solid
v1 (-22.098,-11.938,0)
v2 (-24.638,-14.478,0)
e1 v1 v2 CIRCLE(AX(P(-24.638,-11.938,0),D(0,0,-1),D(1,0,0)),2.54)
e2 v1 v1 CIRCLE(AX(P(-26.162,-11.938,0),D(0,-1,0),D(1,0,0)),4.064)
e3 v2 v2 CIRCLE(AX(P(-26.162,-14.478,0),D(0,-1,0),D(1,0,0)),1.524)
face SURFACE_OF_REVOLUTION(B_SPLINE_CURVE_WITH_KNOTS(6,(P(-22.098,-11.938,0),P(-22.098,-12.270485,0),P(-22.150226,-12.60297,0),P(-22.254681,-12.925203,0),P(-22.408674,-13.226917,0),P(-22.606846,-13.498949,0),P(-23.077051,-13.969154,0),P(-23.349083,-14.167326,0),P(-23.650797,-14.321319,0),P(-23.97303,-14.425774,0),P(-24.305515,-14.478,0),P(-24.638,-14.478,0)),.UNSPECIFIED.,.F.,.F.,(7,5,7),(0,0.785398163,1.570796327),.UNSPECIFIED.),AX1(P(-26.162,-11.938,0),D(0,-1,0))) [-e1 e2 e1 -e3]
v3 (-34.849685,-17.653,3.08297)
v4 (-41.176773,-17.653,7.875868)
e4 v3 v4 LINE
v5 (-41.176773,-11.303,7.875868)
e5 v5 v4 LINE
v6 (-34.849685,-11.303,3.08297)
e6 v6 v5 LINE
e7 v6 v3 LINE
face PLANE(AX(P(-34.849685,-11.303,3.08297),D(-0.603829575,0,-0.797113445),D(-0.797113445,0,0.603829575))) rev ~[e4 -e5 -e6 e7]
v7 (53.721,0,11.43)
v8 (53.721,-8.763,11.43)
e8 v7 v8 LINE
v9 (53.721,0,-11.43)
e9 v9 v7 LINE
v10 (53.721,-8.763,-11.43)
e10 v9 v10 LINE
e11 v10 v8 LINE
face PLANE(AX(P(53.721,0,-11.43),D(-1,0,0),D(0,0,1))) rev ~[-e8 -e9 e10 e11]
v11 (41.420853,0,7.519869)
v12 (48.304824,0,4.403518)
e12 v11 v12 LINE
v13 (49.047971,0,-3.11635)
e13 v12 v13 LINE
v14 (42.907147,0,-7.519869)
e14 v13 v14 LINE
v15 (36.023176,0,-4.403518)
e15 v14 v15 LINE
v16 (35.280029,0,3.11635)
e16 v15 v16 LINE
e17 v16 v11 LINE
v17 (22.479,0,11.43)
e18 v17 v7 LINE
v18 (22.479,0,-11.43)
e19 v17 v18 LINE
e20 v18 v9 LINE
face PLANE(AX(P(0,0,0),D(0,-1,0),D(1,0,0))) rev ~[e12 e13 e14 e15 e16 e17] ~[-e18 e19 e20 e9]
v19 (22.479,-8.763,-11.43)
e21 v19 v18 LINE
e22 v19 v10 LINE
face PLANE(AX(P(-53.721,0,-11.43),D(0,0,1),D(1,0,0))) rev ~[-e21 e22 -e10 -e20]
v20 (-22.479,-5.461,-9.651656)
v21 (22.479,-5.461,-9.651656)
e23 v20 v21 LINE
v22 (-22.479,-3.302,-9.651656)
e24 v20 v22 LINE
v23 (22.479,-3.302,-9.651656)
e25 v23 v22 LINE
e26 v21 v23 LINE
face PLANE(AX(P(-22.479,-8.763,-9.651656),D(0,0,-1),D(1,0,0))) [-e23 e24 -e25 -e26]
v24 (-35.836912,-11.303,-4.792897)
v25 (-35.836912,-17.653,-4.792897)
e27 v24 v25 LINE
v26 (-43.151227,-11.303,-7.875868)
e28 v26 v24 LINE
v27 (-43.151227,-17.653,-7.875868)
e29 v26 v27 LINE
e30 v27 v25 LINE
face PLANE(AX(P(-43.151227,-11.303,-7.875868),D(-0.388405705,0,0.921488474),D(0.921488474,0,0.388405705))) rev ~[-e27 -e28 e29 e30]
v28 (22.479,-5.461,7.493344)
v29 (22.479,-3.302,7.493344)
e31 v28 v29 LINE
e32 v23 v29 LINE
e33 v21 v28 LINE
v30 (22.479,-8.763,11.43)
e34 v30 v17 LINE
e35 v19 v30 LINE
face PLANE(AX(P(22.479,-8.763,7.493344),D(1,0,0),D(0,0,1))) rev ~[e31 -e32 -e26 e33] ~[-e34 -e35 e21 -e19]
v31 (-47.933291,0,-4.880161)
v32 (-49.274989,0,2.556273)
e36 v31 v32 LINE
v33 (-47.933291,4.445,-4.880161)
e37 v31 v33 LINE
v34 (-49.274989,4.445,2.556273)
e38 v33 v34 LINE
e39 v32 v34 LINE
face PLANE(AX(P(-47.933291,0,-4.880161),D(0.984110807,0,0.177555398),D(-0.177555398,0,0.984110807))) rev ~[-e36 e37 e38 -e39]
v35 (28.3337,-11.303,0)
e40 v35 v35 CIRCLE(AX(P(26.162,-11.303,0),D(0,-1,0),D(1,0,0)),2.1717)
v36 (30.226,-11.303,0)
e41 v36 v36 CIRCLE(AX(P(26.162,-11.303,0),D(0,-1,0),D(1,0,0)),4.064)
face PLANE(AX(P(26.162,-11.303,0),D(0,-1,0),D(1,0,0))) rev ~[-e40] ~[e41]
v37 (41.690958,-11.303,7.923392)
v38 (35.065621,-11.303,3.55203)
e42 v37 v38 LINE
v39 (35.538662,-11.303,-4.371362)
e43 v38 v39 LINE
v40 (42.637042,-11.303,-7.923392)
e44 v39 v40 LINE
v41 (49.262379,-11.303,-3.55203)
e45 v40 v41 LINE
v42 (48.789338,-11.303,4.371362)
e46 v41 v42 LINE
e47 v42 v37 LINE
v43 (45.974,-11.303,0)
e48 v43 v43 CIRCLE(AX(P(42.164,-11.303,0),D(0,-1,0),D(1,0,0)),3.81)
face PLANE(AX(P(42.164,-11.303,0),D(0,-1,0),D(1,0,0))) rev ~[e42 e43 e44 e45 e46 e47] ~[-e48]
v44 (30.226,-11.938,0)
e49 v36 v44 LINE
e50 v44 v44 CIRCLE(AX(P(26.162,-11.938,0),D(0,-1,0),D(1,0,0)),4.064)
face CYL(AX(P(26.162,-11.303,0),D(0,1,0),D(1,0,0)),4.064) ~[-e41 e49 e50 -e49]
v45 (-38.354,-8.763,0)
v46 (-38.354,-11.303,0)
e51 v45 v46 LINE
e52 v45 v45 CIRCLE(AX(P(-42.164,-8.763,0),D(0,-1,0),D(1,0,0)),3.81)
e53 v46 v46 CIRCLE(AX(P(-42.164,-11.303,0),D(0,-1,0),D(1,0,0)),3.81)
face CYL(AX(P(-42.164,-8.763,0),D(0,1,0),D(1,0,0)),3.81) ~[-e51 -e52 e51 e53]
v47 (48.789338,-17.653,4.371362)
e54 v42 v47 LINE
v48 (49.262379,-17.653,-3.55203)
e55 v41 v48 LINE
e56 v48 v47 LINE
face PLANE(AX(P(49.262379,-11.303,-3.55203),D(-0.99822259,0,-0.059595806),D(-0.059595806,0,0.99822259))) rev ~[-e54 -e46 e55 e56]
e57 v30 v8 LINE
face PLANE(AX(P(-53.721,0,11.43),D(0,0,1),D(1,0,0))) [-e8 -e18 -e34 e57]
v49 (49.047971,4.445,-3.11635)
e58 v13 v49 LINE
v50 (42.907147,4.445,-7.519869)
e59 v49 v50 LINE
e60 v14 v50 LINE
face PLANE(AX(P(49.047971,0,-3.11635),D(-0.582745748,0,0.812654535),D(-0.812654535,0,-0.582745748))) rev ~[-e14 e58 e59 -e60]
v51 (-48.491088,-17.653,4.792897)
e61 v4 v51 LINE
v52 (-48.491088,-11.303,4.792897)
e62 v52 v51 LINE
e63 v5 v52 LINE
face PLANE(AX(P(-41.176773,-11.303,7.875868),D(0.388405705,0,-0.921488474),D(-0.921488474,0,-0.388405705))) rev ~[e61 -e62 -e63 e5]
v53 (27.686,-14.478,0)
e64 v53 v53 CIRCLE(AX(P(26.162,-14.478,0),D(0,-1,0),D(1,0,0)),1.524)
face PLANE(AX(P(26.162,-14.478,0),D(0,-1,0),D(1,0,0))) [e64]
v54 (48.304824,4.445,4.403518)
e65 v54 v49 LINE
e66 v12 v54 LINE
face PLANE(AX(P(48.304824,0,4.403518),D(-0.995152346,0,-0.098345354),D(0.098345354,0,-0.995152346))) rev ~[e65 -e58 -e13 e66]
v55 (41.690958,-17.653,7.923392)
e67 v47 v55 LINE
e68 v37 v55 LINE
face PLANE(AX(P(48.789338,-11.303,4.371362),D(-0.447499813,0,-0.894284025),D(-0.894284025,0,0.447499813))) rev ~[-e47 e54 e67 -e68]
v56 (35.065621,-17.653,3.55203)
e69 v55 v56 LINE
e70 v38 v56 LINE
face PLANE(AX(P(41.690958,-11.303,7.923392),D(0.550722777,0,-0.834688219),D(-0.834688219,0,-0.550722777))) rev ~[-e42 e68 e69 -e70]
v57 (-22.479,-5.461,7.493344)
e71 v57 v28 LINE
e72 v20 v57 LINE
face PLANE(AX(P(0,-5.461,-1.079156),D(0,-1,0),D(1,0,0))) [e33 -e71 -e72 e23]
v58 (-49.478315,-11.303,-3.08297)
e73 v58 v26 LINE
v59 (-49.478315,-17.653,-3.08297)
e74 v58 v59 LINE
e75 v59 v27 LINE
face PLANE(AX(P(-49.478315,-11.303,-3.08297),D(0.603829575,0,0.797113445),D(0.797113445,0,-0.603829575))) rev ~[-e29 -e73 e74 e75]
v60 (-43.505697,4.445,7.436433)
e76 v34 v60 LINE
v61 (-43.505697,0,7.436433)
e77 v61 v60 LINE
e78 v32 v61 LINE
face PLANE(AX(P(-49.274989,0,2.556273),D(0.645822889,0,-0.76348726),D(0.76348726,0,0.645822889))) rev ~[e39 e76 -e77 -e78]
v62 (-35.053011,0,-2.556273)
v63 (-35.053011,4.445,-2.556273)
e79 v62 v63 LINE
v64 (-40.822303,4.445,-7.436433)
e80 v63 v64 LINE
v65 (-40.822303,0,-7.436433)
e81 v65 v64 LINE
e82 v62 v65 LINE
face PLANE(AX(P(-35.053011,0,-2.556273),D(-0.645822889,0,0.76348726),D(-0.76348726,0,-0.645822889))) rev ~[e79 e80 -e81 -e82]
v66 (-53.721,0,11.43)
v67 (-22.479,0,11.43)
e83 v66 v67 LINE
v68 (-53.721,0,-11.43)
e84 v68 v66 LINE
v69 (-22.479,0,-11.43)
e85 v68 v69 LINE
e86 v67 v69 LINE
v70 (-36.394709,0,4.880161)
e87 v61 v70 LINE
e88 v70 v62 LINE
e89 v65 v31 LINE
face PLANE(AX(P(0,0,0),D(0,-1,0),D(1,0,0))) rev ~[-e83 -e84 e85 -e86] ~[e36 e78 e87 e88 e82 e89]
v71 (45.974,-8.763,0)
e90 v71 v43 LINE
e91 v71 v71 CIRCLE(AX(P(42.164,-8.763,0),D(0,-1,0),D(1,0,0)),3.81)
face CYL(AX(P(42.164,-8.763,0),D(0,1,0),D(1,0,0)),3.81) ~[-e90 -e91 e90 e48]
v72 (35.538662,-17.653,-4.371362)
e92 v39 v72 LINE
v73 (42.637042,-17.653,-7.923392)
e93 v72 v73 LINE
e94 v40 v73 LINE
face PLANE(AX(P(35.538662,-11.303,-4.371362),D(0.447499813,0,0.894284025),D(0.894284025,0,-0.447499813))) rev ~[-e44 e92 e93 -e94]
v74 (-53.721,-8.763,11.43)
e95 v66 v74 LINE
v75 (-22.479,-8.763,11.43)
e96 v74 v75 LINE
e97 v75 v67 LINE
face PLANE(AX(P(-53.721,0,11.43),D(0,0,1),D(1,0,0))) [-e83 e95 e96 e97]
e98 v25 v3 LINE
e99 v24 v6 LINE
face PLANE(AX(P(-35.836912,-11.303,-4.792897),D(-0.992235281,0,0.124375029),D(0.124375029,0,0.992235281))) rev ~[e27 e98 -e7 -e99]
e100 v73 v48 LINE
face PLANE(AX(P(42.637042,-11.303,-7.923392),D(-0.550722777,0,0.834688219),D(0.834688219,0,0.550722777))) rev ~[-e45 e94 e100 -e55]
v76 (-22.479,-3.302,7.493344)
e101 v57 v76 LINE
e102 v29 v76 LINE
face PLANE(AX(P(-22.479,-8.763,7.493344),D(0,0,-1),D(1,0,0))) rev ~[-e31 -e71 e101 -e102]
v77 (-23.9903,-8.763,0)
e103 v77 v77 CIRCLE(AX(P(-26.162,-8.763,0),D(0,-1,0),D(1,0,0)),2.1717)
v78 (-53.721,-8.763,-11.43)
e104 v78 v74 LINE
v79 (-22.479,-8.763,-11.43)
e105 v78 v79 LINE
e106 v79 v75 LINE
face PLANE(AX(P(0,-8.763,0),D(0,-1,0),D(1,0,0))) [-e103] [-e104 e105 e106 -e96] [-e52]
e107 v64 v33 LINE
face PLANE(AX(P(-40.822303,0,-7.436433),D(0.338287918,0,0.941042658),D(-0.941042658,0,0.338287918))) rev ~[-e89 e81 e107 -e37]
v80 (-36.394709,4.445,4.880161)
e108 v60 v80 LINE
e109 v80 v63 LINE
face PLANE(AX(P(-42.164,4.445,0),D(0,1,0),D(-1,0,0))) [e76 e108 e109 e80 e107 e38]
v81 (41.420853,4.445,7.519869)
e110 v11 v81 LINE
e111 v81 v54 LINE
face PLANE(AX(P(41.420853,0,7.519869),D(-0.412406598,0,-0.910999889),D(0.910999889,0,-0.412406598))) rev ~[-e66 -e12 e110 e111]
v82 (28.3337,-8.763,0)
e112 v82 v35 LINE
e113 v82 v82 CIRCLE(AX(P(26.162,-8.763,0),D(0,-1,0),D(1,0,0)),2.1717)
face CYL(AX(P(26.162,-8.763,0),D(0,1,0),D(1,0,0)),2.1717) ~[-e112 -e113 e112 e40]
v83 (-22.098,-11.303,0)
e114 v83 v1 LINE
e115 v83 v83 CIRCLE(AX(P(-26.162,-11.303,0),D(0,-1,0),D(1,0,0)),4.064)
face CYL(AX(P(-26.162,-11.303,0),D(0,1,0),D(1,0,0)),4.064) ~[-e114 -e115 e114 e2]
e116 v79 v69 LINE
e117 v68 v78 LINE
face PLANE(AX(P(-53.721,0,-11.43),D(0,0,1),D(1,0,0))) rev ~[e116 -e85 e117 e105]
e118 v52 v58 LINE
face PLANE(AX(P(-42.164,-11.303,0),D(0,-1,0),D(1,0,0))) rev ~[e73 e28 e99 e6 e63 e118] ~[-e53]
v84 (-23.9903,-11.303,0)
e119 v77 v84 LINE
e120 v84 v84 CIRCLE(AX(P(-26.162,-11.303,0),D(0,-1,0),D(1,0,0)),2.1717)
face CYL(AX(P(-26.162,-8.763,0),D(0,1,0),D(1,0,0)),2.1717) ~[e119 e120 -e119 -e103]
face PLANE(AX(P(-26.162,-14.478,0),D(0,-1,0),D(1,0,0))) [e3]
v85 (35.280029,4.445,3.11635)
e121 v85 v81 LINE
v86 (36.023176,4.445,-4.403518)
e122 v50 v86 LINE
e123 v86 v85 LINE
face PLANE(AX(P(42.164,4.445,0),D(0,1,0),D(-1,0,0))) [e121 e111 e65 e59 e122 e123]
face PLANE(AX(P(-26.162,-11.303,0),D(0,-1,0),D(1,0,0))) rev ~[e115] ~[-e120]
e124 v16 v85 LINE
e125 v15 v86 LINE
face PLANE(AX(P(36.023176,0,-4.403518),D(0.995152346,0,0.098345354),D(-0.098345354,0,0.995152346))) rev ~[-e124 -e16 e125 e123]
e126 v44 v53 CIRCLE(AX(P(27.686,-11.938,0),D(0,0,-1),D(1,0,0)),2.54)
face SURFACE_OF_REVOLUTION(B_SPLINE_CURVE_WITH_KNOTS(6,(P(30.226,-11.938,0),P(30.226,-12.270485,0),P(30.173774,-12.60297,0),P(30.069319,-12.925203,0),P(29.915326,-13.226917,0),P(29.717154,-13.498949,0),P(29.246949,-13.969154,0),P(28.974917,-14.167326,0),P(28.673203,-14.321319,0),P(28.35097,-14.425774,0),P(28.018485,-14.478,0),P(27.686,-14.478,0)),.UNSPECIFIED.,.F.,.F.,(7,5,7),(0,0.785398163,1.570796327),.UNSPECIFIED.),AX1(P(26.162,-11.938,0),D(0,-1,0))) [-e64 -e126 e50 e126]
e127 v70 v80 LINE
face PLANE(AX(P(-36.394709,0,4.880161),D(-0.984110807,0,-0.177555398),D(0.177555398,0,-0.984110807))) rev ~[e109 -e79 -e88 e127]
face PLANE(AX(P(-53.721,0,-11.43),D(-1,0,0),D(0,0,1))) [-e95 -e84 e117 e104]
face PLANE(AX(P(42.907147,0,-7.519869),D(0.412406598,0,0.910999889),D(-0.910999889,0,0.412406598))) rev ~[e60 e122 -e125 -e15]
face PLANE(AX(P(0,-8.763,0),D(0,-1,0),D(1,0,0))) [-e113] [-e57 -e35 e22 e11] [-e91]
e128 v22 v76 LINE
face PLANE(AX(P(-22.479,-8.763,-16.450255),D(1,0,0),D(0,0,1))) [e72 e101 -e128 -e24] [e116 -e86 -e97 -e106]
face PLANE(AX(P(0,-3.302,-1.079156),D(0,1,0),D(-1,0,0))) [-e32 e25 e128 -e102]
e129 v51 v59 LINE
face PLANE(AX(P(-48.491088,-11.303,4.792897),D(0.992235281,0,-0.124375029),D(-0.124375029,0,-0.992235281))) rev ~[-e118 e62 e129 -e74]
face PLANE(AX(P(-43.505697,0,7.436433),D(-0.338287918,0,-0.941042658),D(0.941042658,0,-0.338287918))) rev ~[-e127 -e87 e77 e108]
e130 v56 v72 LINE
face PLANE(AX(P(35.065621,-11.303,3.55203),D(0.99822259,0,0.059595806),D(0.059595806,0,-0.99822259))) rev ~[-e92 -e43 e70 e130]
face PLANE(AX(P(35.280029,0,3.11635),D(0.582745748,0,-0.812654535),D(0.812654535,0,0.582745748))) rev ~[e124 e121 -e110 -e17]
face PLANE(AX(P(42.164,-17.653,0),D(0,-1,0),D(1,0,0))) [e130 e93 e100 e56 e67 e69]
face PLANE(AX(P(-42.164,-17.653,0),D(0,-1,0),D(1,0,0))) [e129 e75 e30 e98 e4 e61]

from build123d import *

# Parameters (mm, degrees)
F0_W      = 107.442
F0_H      = 22.86
F1_DEPTH  = 8.763
F2_W      = 44.958
F2_H      = 6.7985991507
F3_DEPTH  = 25.4
F4_W      = 44.958
F4_H      = 17.145
F5_DEPTH  = 3.302
F6_W      = 44.958
F6_H      = 17.145
F7_DEPTH  = 3.302
F8_R      = 2.1717
F8_R_2    = 3.81
F9_DEPTH  = 2.54
F10_R     = 4.064
F11_DEPTH = 3.175
F12_R     = 2.54
F14_DEPTH = 6.35
F16_DEPTH = 4.445


with BuildPart() as f1:
    # F0 (on Front) → F1 (new body)
    with BuildSketch(Plane.XZ):
        Rectangle(F0_W, F0_H)
    extrude(amount=F1_DEPTH)

    # F2 (on face) → F3 (cut)
    with BuildSketch(Plane.XZ.offset(8.763)):
        with Locations((0, 10.8926433936)):
            Rectangle(F2_W, F2_H)
        with Locations((0, -13.0509557571)):
            Rectangle(F2_W, F2_H)
    extrude(amount=-F3_DEPTH, mode=Mode.SUBTRACT)

    # F4 (on face) → F5 (cut)
    with BuildSketch(Plane.XZ.offset(8.763)):
        with Locations((0, -1.0791561817)):
            Rectangle(F4_W, F4_H)
    extrude(amount=-F5_DEPTH, mode=Mode.SUBTRACT)

    # F6 (on face) → F7 (cut)
    with BuildSketch(Plane(origin=(0, 0, 0), x_dir=(-1, 0, 0), z_dir=(0, 1, 0))):
        with Locations((0, -1.0791561817)):
            Rectangle(F6_W, F6_H)
    extrude(amount=-F7_DEPTH, mode=Mode.SUBTRACT)

    # F8 (on face) → F9 (join)
    with BuildSketch(Plane.XZ.offset(8.763)):
        with Locations((-26.162, 0)):
            Circle(F8_R)
        with Locations((26.162, 0)):
            Circle(F8_R)
        with Locations((42.164, 0)):
            Circle(F8_R_2)
        with Locations((-42.164, 0)):
            Circle(F8_R_2)
    extrude(amount=F9_DEPTH)

    # F10 (on face) → F11 (join)
    with BuildSketch(Plane.XZ.offset(11.303)):
        with Locations((-26.162, 0)):
            Circle(F10_R)
        with Locations((26.162, 0)):
            Circle(F10_R)
    extrude(amount=F11_DEPTH)

    # F12
    f12_edges = [f1.edges().sort_by_distance(p)[0] for p in [
        (-30.226, -14.478, 0),
        (22.098, -14.478, 0),
    ]]
    fillet(f12_edges, radius=F12_R)

    # F13 (on face) → F14 (join)
    with BuildSketch(Plane.XZ.offset(11.303)):
        Polygon((-34.8496852361, 3.0829702859), (-41.1767732048, 7.8758675398), (-48.4910879687, 4.7928972539), (-49.4783147639, -3.0829702859), (-43.1512267952, -7.8758675398), (-35.8369120313, -4.7928972539), align=None)
        Polygon((48.7893377385, 4.3713620418), (41.6909582919, 7.9233918111), (35.0656205534, 3.5520297693), (35.5386622615, -4.3713620418), (42.6370417081, -7.9233918111), (49.2623794466, -3.5520297693), align=None)
    extrude(amount=F14_DEPTH)

    # F15 (on face) → F16 (join)
    with BuildSketch(Plane(origin=(0, 0, 0), x_dir=(-1, 0, 0), z_dir=(0, 1, 0))):
        Polygon((-35.2800293387, 3.1163504593), (-41.4208533342, 7.5198687012), (-48.3048239954, 4.4035182419), (-49.0479706613, -3.1163504593), (-42.9071466658, -7.5198687012), (-36.0231760046, -4.4035182419), align=None)
        Polygon((49.2749888468, 2.5562726518), (43.5056973679, 7.4364333133), (36.3947085211, 4.8801606615), (35.0530111532, -2.5562726518), (40.8223026321, -7.4364333133), (47.9332914789, -4.8801606615), align=None)
    extrude(amount=F16_DEPTH)


solid = f1.part
